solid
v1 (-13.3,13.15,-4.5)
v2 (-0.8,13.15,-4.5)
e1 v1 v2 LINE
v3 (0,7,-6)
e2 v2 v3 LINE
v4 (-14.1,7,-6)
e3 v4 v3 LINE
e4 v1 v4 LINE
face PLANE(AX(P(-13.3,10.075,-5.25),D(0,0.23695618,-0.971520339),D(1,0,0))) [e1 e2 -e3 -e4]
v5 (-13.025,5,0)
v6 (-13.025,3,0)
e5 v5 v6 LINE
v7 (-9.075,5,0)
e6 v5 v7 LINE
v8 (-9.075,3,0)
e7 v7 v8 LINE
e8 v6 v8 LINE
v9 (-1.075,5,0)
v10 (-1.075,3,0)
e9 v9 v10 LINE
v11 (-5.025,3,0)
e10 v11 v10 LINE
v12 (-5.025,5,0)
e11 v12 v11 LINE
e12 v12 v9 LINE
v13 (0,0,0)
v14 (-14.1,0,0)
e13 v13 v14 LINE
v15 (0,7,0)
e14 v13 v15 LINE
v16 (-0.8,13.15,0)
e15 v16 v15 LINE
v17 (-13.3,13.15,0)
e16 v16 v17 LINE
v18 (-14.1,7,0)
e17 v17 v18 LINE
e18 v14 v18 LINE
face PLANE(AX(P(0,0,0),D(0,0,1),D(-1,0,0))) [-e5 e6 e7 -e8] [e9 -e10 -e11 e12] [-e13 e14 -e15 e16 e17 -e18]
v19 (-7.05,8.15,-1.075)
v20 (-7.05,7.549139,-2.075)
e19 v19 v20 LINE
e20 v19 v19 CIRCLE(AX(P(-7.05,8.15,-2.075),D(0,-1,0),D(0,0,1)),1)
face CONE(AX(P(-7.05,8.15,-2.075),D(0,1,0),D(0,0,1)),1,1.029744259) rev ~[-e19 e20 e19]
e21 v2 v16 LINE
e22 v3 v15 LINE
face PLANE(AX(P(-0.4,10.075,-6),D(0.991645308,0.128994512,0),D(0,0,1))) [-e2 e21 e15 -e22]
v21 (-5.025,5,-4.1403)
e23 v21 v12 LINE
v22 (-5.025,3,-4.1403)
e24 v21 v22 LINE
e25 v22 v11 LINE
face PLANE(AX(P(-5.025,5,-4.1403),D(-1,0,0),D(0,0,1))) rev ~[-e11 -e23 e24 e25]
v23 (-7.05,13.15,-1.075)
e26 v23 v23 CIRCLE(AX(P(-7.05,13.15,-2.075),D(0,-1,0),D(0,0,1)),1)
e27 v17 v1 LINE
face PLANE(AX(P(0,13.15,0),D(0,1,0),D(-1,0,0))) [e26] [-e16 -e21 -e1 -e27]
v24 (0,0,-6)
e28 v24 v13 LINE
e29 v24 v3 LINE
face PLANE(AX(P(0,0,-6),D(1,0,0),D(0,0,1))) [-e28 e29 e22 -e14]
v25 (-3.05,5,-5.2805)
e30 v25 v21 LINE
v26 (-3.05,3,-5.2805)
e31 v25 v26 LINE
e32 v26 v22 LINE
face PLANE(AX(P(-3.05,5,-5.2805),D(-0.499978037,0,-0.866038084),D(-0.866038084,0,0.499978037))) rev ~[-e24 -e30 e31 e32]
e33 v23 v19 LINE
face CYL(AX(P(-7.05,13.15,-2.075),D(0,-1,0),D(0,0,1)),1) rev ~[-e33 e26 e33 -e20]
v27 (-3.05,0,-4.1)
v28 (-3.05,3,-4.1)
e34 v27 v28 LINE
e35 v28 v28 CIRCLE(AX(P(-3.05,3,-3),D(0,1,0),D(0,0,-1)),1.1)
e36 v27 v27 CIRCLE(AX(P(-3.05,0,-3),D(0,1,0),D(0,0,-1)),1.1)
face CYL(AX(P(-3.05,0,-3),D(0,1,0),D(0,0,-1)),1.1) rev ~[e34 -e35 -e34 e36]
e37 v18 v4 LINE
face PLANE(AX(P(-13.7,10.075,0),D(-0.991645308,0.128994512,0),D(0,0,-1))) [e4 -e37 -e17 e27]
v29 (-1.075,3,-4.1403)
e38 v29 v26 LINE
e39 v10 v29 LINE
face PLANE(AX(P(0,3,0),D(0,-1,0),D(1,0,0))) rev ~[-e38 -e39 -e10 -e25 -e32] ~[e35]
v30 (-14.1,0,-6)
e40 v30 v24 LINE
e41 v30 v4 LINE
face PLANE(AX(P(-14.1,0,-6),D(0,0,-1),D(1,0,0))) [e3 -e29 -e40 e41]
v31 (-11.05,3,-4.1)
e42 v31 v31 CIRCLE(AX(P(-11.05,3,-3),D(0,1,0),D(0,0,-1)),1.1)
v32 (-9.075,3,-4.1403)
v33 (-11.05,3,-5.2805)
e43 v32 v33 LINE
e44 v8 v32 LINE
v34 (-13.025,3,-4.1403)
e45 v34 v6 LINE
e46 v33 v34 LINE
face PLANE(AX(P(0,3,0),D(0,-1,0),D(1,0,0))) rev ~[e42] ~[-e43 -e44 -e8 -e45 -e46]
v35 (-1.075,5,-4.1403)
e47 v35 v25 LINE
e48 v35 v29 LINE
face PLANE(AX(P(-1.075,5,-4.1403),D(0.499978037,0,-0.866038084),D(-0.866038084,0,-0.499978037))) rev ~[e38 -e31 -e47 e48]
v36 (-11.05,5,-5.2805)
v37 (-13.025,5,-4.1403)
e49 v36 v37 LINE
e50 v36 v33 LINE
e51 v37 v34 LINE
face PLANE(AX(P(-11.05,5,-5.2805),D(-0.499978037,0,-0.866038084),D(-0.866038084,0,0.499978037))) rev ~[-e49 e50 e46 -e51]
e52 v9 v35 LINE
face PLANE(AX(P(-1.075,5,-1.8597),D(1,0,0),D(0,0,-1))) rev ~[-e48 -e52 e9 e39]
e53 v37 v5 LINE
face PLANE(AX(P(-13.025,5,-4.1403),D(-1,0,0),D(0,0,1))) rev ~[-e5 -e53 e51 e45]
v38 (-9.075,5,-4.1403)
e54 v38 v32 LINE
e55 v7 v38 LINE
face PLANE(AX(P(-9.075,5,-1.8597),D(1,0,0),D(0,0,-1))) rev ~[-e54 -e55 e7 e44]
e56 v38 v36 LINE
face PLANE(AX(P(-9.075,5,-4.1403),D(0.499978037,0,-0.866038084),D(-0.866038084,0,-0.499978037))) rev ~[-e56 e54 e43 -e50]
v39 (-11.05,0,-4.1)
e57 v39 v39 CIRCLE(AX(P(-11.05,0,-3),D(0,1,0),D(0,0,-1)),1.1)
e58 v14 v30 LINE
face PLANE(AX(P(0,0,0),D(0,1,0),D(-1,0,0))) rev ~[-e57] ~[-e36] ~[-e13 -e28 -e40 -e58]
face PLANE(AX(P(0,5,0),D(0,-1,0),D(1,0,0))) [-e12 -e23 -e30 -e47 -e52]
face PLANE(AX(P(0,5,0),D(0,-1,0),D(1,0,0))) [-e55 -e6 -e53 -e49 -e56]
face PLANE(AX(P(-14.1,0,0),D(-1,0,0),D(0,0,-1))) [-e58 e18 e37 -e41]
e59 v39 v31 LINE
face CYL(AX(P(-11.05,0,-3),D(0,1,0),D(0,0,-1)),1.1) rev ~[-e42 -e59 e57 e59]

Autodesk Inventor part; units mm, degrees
ref_plane "YZ Plane" through (0, 0, 0) normal (1, 0, 0) x (0, 1, 0)
ref_plane "XZ Plane" through (0, 0, 0) normal (0, 1, 0) x (-1, 0, 0)
ref_plane "XY Plane" through (0, 0, 0) normal (0, 0, 1) x (1, 0, 0)
sketch "Эскиз1" plane through (0, 0, 0) normal (0, 1, 0) x (-1, 0, 0)
  line L0 (0, 0) -> (14.1, 0)
  line L1 (14.1, 0) -> (14.1, -6)
  line L2 (14.1, -6) -> (0, -6)
  line L3 (0, -6) -> (0, 0)
  dimension "d0" = 14.1
  dimension "d1" = 6
extrude "Выдавливание1" add sketch "Эскиз1" along normal blind 13.15
sketch "Эскиз2" plane through (0, 13.15, 0) normal (0, 1, 0) x (1, 0, 0)
  line L0 (-14.1, 0) -> (0, 0) projected
  line L1 (-7.05, 0) -> (-7.05, 2.075)
  dimension "d4" = 2.075
hole "Отверстие1" at (-7.05, 13.15, -2.075) direction (0, -1, 0) diameter 2 depth 5 tip angle 118
sketch "Эскиз3" plane through (0, 0, 0) normal (0, -1, 0) x (1, 0, 0)
  line L0 (0, 0) -> (0, -6) projected
  line L1 (0, -3) -> (-3.05, -3)
  line L2 (-14.1, -6) -> (-14.1, 0) projected
  line L3 (-14.1, -3) -> (-11.05, -3)
  line L4 (0, 0) -> (0, -6) projected
  line L5 (-14.1, -6) -> (-14.1, 0) projected
  line L6 (-14.1, 0) -> (0, 0) projected
  dimension "d12" = 3
  dimension "d24" = 8
hole "Отверстие2" at (-3.05, 0, -3) at (-11.05, 0, -3) direction (0, 1, 0) diameter 2.2 depth 5
sketch "Эскиз4" plane through (0, 0, 0) normal (0, -1, 0) x (1, 0, 0)
  circle A0 centre (-3.05, -3) radius 1.1 projected
  circle A1 centre (-11.05, -3) radius 1.1 projected
  line L0 (-3.05, -5.2805) -> (-5.025, -4.1403)
  line L1 (-5.025, -4.1403) -> (-5.025, -1.8597)
  line L2 (-5.025, -1.8597) -> (-3.05, -0.7195)
  line L3 (-3.05, -0.7195) -> (-1.075, -1.8597)
  line L4 (-1.075, -1.8597) -> (-1.075, -4.1403)
  line L5 (-1.075, -4.1403) -> (-3.05, -5.2805)
  line L6 (0, 0) -> (0, -6) projected
  line L7 (-11.05, -5.2805) -> (-13.025, -4.1403)
  line L8 (-13.025, -4.1403) -> (-13.025, -1.8597)
  line L9 (-13.025, -1.8597) -> (-11.05, -0.7195)
  line L10 (-11.05, -0.7195) -> (-9.075, -1.8597)
  line L11 (-9.075, -1.8597) -> (-9.075, -4.1403)
  line L12 (-9.075, -4.1403) -> (-11.05, -5.2805)
  line L13 (-1.075, -1.8597) -> (-5.025, -1.8597)
  line L14 (-5.025, -1.8597) -> (-5.025, 0)
  line L15 (-5.025, 0) -> (-1.075, 0)
  line L16 (-1.075, 0) -> (-1.075, -1.8597)
  line L17 (-14.1, 0) -> (0, 0) projected
  line L18 (-9.075, -1.8597) -> (-13.025, -1.8597)
  line L19 (-13.025, -1.8597) -> (-13.025, 0)
  line L20 (-13.025, 0) -> (-9.075, 0)
  line L21 (-9.075, 0) -> (-9.075, -1.8597)
  point P0 (-3.05, 0)
  point P1 (-9.075, 0)
  dimension "d21" = 3.95
extrude "Выдавливание2" cut sketch "Эскиз4" along normal blind 2 from surface at -5 contours A0 | A1 | L21 L10 L9 L19 L17 | L0 L1 L13 L4 L5 | L14 L15 L16 L3 L2 | L2 L3 L13 | L18 L9 L10 | L11 L12 L7 L8 L18
chamfer "Фаска1" distance 0.8 distance2 6.15 1 edges at (-14.1, 13.15, -3) measured on face at (-7.05, 13.15, -5.025)
chamfer "Фаска2" distance 0.8 distance2 6.15 1 edges at (0, 13.15, -3) measured on face at (-6.7833, 13.15, -5.025)
chamfer "Фаска3" distance 1.5 distance2 6.15 1 edges at (-7.05, 13.15, -6) measured on face at (-7.05, 13.15, -5.025)
equation "\"Радиус_гибки\" = Толщина"
equation "\"Ширина_просечки\" = Толщина"
equation "\"Глубина_просечки\" = 0.5 * Толщина"
equation "\"Размер_просечки\" = 4 * Толщина"
equation "\"Мин_остаток\" = 2 * Толщина"
equation "\"Радиус_перехода\" = Радиус_гибки"
equation "\"Радиус_Якоби\" = Толщина"
equation "\"Размер_зазора\" = Толщина"
equation "\"Толщина\" = 0.5"
properties part number "Съемная стойка сервы"
